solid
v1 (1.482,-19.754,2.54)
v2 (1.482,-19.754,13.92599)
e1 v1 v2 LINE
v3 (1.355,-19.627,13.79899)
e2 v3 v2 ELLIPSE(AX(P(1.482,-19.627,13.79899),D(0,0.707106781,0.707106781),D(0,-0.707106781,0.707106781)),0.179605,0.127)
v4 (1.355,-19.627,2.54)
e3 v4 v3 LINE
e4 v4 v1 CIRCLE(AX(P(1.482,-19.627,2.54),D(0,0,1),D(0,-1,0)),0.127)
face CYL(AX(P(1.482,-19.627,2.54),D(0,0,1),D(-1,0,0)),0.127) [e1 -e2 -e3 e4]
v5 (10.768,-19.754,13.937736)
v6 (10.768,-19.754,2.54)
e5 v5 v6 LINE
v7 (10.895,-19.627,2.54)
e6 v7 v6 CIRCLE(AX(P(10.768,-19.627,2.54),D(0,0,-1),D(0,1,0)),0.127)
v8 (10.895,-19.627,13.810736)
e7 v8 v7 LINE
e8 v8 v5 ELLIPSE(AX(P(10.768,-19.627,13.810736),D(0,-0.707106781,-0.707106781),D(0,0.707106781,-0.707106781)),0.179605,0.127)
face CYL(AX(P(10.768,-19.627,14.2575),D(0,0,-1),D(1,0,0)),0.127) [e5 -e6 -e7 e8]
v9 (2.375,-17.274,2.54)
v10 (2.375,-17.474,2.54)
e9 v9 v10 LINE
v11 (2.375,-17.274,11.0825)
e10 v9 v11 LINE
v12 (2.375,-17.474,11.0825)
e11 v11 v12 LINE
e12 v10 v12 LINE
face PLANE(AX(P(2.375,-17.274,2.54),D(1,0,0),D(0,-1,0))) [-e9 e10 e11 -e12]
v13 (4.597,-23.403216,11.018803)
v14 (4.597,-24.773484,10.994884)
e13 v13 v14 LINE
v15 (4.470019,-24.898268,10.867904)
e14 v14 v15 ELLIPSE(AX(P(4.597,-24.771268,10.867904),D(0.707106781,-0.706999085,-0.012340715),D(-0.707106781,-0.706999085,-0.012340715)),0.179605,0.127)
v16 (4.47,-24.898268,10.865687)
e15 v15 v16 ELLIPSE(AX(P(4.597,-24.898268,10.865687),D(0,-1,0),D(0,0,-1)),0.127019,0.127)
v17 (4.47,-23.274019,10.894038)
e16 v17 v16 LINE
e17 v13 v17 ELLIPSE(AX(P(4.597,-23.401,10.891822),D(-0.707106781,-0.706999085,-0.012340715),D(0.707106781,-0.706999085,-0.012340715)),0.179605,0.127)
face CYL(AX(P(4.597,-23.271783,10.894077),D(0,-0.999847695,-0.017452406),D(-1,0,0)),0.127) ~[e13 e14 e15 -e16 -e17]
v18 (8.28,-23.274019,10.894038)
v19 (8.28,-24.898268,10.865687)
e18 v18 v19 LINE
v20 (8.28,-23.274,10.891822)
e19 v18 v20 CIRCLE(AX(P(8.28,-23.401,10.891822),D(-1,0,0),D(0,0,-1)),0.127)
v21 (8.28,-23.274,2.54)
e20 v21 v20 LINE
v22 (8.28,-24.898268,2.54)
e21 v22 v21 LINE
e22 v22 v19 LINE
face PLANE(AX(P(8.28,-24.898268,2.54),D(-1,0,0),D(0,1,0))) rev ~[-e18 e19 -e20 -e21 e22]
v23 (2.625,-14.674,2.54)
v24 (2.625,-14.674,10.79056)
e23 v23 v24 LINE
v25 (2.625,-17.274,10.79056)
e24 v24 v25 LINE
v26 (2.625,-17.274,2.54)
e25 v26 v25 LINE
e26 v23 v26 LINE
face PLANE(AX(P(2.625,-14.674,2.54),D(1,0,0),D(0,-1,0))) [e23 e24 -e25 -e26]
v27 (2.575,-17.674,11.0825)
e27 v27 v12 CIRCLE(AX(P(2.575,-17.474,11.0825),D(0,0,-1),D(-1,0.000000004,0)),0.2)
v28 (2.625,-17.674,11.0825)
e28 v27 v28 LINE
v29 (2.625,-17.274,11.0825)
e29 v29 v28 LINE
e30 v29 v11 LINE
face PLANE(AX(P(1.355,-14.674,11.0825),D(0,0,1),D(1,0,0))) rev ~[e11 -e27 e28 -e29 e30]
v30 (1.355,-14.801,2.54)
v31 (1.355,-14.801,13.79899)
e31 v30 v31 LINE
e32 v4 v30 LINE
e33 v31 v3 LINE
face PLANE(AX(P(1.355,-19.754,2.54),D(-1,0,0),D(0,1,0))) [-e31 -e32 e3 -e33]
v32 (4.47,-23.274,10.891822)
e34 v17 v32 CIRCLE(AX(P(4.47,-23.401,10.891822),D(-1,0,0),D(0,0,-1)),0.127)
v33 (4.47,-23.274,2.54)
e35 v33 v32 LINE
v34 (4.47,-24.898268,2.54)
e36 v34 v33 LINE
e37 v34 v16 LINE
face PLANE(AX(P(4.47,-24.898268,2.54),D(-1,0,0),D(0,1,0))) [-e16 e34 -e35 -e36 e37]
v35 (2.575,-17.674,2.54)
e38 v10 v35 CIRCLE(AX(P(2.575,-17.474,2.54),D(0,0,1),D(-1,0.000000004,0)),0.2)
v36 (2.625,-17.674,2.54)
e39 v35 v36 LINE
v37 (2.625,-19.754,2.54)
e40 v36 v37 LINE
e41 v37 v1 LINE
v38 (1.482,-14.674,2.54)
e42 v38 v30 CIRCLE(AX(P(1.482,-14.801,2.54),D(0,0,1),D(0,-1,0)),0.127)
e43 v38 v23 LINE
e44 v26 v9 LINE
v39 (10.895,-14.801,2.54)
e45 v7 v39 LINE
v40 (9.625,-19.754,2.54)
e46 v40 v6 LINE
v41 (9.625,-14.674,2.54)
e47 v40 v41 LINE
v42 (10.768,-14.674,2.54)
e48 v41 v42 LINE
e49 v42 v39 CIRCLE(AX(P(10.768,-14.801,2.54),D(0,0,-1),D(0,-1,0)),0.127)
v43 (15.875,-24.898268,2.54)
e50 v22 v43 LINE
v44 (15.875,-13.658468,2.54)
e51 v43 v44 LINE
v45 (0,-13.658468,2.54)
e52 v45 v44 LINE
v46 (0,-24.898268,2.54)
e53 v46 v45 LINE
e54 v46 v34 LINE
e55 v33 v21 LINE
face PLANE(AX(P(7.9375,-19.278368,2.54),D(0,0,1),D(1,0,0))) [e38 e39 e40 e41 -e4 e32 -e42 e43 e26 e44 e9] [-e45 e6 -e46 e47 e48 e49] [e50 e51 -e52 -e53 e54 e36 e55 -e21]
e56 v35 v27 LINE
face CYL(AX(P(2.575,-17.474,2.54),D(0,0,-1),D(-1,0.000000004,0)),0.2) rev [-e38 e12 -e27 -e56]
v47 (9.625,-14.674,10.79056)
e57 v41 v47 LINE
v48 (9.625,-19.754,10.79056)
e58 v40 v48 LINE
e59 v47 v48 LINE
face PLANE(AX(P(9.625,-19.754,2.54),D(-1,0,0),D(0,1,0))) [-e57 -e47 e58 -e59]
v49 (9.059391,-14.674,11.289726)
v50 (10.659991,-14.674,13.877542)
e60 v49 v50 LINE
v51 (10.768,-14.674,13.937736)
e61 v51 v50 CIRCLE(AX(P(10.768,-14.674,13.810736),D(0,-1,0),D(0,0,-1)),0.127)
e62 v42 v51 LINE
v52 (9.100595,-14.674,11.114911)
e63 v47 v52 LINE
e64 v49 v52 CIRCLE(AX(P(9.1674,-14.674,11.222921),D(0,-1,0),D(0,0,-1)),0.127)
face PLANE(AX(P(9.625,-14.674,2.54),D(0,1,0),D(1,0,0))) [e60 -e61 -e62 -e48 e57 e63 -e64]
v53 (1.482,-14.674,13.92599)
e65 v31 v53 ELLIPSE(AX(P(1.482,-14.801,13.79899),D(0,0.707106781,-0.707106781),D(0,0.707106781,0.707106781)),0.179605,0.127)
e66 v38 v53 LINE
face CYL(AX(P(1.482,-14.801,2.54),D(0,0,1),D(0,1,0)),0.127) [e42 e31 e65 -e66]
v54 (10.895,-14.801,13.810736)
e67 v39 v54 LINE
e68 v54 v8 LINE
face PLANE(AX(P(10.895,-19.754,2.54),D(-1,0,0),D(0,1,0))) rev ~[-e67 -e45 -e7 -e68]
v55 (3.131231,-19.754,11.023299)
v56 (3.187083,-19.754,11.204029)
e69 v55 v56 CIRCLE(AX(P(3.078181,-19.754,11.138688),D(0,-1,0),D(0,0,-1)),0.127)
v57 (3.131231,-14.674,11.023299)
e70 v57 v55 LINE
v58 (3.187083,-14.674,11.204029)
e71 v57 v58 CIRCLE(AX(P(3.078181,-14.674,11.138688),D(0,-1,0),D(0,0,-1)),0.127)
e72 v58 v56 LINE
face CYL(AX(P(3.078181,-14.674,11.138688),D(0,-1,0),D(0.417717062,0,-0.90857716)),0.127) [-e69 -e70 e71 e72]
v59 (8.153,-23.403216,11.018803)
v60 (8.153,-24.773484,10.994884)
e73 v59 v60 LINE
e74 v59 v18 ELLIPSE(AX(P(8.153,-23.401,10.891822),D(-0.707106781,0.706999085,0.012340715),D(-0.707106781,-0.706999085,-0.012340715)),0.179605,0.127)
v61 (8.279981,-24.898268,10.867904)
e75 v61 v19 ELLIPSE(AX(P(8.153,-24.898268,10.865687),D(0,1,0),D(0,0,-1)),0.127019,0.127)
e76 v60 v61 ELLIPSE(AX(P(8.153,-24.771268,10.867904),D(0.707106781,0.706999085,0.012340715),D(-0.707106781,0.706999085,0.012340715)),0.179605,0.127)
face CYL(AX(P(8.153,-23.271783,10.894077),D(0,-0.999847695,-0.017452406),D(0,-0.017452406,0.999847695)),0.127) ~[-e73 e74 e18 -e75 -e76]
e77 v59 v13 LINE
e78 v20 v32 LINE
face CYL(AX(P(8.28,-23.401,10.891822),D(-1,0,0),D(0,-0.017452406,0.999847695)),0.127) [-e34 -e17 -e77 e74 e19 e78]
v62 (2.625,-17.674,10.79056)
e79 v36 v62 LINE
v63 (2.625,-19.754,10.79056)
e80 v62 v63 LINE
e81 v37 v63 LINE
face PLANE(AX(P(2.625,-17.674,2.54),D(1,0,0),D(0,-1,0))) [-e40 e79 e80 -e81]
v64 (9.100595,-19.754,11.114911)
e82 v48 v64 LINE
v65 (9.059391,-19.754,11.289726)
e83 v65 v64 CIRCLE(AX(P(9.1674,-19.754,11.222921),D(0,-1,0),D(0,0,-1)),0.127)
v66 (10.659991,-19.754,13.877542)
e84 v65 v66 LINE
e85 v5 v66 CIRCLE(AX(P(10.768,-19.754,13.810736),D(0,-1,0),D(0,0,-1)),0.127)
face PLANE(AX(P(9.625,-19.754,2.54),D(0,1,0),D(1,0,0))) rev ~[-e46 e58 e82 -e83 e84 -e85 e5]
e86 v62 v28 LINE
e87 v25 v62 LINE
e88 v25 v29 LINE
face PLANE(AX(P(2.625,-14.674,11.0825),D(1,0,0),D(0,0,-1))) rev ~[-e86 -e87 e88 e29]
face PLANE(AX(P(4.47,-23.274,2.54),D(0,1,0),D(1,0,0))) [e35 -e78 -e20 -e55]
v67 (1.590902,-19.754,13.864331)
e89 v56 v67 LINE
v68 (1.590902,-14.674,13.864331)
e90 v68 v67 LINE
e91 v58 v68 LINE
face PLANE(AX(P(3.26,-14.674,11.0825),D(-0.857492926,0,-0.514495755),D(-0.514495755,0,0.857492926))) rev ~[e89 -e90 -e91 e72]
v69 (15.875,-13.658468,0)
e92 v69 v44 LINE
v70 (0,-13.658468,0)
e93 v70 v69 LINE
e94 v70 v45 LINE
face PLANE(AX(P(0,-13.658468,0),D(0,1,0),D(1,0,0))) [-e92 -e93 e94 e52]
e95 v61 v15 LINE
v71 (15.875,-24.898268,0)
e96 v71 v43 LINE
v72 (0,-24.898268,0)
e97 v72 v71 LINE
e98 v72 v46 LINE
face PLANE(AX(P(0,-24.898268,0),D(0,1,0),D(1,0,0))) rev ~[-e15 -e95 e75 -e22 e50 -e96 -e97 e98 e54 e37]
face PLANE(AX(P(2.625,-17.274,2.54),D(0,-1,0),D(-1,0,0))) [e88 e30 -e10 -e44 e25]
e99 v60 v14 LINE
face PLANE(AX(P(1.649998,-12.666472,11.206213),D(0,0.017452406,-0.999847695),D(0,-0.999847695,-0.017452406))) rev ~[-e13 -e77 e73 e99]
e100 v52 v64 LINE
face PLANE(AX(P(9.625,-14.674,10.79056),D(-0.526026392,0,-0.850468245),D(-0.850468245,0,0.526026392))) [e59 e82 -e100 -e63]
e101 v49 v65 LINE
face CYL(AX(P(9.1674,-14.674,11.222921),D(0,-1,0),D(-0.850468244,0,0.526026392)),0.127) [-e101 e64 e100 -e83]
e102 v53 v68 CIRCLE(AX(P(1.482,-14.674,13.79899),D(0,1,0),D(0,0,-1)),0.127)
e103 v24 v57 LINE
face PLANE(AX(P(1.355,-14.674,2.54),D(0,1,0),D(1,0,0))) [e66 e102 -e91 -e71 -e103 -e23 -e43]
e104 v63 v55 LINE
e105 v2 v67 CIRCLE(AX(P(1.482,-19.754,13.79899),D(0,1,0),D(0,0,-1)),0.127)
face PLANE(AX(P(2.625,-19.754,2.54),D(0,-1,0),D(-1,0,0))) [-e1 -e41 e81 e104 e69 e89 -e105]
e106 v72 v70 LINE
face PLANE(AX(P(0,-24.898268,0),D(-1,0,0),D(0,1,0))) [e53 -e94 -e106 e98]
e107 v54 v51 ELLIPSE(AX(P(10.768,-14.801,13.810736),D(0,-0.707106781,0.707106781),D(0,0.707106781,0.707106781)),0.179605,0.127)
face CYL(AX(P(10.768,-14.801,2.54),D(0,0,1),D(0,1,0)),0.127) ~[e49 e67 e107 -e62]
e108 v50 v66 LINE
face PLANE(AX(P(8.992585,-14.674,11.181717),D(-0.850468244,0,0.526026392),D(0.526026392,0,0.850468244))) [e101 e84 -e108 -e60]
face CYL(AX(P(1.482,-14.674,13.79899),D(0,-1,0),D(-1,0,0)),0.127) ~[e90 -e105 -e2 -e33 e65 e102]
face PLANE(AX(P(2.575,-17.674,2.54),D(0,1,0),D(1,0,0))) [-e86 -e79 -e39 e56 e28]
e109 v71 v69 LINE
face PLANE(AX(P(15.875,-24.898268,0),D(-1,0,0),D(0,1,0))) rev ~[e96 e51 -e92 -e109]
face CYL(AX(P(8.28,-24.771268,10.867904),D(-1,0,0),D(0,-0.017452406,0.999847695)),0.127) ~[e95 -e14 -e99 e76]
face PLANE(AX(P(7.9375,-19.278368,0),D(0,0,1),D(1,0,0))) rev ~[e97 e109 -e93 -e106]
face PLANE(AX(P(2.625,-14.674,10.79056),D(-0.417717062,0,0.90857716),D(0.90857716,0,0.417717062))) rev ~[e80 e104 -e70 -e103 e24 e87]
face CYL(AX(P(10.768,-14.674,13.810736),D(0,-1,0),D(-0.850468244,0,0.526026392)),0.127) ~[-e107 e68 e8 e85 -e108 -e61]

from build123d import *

# Parameters (mm, degrees)
SKETCH1_W           = 15.875
SKETCH1_H           = 11.239799379
BOSS_EXTRUDE1_DEPTH = 2.54
BOSS_EXTRUDE2_REACH = 31.638
SKETCH2_W           = 1.27
SKETCH2_H           = 5.08
SKETCH2_W_2         = 3.81
SKETCH2_H_2         = 1.624267758
BOSS_EXTRUDE3_REACH = 23.94
FILLET1_R           = 0.127


with BuildPart() as part:
    # Sketch1 → Boss-Extrude1 (new body)
    with BuildSketch(Plane.XY):
        with Locations((7.9375, -19.278367991)):
            Rectangle(SKETCH1_W, SKETCH1_H)
    extrude(amount=BOSS_EXTRUDE1_DEPTH)

    # Boss-Extrude2: up to this plane
    boss_extrude2_end = Plane(origin=(1.6499976, -12.666472126, 11.206213123), z_dir=(-1.2251589112771177e-15, 0.017452406437284806, -0.9998476951563913))
    # Sketch2 → Boss-Extrude2 (add, up to the surface)
    with BuildSketch(Plane.XY.offset(2.54), mode=Mode.PRIVATE) as boss_extrude2_sk1:
        with BuildLine():
            Line((2.625, -17.673999922), (2.625, -19.753999922))
            Line((2.625, -19.753999922), (1.355, -19.753999922))
            Line((1.355, -19.753999922), (1.355, -14.673999922))
            Line((1.355, -14.673999922), (2.625, -14.673999922))
            Line((2.625, -14.673999922), (2.625, -17.273999922))
            Line((2.625, -17.273999922), (2.375, -17.273999922))
            Line((2.375, -17.273999922), (2.375, -17.473999922))
            ThreePointArc((2.375, -17.473999922), (2.433578644, -17.615421279), (2.575, -17.673999922))
            Line((2.575, -17.673999922), (2.625, -17.673999922))
        make_face()
    boss_extrude2_tool1 = split(extrude(boss_extrude2_sk1.sketch, amount=BOSS_EXTRUDE2_REACH, mode=Mode.PRIVATE), bisect_by=boss_extrude2_end, keep=Keep.BOTH, mode=Mode.PRIVATE)
    add(boss_extrude2_tool1.solids().sort_by_distance((1.982561, -17.210473, 2.54))[0])
    # Sketch2 → Boss-Extrude2 (add, up to the surface)
    with BuildSketch(Plane.XY.offset(2.54), mode=Mode.PRIVATE) as boss_extrude2_sk2:
        with Locations((10.26, -17.213999922)):
            Rectangle(SKETCH2_W, SKETCH2_H)
    boss_extrude2_tool2 = split(extrude(boss_extrude2_sk2.sketch, amount=BOSS_EXTRUDE2_REACH, mode=Mode.PRIVATE), bisect_by=boss_extrude2_end, keep=Keep.BOTH, mode=Mode.PRIVATE)
    add(boss_extrude2_tool2.solids().sort_by_distance((10.26, -17.214, 2.54))[0])
    # Sketch2 → Boss-Extrude2 (add, up to the surface)
    with BuildSketch(Plane.XY.offset(2.54), mode=Mode.PRIVATE) as boss_extrude2_sk3:
        with Locations((6.375, -24.086133801)):
            Rectangle(SKETCH2_W_2, SKETCH2_H_2)
    boss_extrude2_tool3 = split(extrude(boss_extrude2_sk3.sketch, amount=BOSS_EXTRUDE2_REACH, mode=Mode.PRIVATE), bisect_by=boss_extrude2_end, keep=Keep.BOTH, mode=Mode.PRIVATE)
    add(boss_extrude2_tool3.solids().sort_by_distance((6.375, -24.086134, 2.54))[0])

    # Boss-Extrude3: up to this face of the body (flat: up to its plane)
    boss_extrude3_end = Plane(part.part.faces().sort_by_distance((1.99, -19.753999922, 6.811249933))[0])
    # Sketch4 → Boss-Extrude3 (add, up to the picked face)
    with BuildSketch(Plane.XZ.offset(14.673999922), mode=Mode.PRIVATE) as boss_extrude3_sk1:
        Polygon((10.895, 11.082499866), (9.625, 11.082499866), (9.625, 10.790559516), (8.992585474, 11.181716662), (10.895, 14.257499866), align=None)
    boss_extrude3_tool1 = split(extrude(boss_extrude3_sk1.sketch, amount=BOSS_EXTRUDE3_REACH, mode=Mode.PRIVATE), bisect_by=boss_extrude3_end, keep=Keep.BOTH, mode=Mode.PRIVATE)
    # Sketch4 → Boss-Extrude3 (add, up to the picked face)
    with BuildSketch(Plane.XZ.offset(14.673999922), mode=Mode.PRIVATE) as boss_extrude3_sk2:
        Polygon((1.355, 11.082499866), (2.625, 11.082499866), (2.625, 10.790559516), (3.26, 11.082499866), (1.355, 14.257499866), align=None)
    boss_extrude3_tool2 = split(extrude(boss_extrude3_sk2.sketch, amount=BOSS_EXTRUDE3_REACH, mode=Mode.PRIVATE), bisect_by=boss_extrude3_end, keep=Keep.BOTH, mode=Mode.PRIVATE)
    add(boss_extrude3_tool1.solids().sort_by(Axis((10.227849, -14.674, 12.119311), (0, -1, 0)))[0])
    add(boss_extrude3_tool2.solids().sort_by(Axis((2.015179, -14.674, 12.106466), (0, -1, 0)))[0])

    # Fillet1
    fillet1_edges = [part.edges().sort_by_distance(p)[0] for p in [
        (10.895, -14.673999922, 8.398749933),
        (10.895, -19.753999922, 8.398749933),
        (1.355, -19.753999922, 8.398749933),
        (1.355, -14.673999922, 8.398749933),
        (6.375, -23.273999922, 11.021058037),
        (8.28, -24.086133801, 11.006882187),
        (6.375, -24.89826768, 10.992706338),
        (4.47, -24.086133801, 11.006882187),
        (8.992585474, -17.213999922, 11.181716662),
        (10.895, -17.213999922, 14.257499866),
        (1.355, -17.213999922, 14.257499866),
        (3.26, -17.213999922, 11.082499866),
    ]]
    fillet(fillet1_edges, radius=FILLET1_R)


solid = part.part
